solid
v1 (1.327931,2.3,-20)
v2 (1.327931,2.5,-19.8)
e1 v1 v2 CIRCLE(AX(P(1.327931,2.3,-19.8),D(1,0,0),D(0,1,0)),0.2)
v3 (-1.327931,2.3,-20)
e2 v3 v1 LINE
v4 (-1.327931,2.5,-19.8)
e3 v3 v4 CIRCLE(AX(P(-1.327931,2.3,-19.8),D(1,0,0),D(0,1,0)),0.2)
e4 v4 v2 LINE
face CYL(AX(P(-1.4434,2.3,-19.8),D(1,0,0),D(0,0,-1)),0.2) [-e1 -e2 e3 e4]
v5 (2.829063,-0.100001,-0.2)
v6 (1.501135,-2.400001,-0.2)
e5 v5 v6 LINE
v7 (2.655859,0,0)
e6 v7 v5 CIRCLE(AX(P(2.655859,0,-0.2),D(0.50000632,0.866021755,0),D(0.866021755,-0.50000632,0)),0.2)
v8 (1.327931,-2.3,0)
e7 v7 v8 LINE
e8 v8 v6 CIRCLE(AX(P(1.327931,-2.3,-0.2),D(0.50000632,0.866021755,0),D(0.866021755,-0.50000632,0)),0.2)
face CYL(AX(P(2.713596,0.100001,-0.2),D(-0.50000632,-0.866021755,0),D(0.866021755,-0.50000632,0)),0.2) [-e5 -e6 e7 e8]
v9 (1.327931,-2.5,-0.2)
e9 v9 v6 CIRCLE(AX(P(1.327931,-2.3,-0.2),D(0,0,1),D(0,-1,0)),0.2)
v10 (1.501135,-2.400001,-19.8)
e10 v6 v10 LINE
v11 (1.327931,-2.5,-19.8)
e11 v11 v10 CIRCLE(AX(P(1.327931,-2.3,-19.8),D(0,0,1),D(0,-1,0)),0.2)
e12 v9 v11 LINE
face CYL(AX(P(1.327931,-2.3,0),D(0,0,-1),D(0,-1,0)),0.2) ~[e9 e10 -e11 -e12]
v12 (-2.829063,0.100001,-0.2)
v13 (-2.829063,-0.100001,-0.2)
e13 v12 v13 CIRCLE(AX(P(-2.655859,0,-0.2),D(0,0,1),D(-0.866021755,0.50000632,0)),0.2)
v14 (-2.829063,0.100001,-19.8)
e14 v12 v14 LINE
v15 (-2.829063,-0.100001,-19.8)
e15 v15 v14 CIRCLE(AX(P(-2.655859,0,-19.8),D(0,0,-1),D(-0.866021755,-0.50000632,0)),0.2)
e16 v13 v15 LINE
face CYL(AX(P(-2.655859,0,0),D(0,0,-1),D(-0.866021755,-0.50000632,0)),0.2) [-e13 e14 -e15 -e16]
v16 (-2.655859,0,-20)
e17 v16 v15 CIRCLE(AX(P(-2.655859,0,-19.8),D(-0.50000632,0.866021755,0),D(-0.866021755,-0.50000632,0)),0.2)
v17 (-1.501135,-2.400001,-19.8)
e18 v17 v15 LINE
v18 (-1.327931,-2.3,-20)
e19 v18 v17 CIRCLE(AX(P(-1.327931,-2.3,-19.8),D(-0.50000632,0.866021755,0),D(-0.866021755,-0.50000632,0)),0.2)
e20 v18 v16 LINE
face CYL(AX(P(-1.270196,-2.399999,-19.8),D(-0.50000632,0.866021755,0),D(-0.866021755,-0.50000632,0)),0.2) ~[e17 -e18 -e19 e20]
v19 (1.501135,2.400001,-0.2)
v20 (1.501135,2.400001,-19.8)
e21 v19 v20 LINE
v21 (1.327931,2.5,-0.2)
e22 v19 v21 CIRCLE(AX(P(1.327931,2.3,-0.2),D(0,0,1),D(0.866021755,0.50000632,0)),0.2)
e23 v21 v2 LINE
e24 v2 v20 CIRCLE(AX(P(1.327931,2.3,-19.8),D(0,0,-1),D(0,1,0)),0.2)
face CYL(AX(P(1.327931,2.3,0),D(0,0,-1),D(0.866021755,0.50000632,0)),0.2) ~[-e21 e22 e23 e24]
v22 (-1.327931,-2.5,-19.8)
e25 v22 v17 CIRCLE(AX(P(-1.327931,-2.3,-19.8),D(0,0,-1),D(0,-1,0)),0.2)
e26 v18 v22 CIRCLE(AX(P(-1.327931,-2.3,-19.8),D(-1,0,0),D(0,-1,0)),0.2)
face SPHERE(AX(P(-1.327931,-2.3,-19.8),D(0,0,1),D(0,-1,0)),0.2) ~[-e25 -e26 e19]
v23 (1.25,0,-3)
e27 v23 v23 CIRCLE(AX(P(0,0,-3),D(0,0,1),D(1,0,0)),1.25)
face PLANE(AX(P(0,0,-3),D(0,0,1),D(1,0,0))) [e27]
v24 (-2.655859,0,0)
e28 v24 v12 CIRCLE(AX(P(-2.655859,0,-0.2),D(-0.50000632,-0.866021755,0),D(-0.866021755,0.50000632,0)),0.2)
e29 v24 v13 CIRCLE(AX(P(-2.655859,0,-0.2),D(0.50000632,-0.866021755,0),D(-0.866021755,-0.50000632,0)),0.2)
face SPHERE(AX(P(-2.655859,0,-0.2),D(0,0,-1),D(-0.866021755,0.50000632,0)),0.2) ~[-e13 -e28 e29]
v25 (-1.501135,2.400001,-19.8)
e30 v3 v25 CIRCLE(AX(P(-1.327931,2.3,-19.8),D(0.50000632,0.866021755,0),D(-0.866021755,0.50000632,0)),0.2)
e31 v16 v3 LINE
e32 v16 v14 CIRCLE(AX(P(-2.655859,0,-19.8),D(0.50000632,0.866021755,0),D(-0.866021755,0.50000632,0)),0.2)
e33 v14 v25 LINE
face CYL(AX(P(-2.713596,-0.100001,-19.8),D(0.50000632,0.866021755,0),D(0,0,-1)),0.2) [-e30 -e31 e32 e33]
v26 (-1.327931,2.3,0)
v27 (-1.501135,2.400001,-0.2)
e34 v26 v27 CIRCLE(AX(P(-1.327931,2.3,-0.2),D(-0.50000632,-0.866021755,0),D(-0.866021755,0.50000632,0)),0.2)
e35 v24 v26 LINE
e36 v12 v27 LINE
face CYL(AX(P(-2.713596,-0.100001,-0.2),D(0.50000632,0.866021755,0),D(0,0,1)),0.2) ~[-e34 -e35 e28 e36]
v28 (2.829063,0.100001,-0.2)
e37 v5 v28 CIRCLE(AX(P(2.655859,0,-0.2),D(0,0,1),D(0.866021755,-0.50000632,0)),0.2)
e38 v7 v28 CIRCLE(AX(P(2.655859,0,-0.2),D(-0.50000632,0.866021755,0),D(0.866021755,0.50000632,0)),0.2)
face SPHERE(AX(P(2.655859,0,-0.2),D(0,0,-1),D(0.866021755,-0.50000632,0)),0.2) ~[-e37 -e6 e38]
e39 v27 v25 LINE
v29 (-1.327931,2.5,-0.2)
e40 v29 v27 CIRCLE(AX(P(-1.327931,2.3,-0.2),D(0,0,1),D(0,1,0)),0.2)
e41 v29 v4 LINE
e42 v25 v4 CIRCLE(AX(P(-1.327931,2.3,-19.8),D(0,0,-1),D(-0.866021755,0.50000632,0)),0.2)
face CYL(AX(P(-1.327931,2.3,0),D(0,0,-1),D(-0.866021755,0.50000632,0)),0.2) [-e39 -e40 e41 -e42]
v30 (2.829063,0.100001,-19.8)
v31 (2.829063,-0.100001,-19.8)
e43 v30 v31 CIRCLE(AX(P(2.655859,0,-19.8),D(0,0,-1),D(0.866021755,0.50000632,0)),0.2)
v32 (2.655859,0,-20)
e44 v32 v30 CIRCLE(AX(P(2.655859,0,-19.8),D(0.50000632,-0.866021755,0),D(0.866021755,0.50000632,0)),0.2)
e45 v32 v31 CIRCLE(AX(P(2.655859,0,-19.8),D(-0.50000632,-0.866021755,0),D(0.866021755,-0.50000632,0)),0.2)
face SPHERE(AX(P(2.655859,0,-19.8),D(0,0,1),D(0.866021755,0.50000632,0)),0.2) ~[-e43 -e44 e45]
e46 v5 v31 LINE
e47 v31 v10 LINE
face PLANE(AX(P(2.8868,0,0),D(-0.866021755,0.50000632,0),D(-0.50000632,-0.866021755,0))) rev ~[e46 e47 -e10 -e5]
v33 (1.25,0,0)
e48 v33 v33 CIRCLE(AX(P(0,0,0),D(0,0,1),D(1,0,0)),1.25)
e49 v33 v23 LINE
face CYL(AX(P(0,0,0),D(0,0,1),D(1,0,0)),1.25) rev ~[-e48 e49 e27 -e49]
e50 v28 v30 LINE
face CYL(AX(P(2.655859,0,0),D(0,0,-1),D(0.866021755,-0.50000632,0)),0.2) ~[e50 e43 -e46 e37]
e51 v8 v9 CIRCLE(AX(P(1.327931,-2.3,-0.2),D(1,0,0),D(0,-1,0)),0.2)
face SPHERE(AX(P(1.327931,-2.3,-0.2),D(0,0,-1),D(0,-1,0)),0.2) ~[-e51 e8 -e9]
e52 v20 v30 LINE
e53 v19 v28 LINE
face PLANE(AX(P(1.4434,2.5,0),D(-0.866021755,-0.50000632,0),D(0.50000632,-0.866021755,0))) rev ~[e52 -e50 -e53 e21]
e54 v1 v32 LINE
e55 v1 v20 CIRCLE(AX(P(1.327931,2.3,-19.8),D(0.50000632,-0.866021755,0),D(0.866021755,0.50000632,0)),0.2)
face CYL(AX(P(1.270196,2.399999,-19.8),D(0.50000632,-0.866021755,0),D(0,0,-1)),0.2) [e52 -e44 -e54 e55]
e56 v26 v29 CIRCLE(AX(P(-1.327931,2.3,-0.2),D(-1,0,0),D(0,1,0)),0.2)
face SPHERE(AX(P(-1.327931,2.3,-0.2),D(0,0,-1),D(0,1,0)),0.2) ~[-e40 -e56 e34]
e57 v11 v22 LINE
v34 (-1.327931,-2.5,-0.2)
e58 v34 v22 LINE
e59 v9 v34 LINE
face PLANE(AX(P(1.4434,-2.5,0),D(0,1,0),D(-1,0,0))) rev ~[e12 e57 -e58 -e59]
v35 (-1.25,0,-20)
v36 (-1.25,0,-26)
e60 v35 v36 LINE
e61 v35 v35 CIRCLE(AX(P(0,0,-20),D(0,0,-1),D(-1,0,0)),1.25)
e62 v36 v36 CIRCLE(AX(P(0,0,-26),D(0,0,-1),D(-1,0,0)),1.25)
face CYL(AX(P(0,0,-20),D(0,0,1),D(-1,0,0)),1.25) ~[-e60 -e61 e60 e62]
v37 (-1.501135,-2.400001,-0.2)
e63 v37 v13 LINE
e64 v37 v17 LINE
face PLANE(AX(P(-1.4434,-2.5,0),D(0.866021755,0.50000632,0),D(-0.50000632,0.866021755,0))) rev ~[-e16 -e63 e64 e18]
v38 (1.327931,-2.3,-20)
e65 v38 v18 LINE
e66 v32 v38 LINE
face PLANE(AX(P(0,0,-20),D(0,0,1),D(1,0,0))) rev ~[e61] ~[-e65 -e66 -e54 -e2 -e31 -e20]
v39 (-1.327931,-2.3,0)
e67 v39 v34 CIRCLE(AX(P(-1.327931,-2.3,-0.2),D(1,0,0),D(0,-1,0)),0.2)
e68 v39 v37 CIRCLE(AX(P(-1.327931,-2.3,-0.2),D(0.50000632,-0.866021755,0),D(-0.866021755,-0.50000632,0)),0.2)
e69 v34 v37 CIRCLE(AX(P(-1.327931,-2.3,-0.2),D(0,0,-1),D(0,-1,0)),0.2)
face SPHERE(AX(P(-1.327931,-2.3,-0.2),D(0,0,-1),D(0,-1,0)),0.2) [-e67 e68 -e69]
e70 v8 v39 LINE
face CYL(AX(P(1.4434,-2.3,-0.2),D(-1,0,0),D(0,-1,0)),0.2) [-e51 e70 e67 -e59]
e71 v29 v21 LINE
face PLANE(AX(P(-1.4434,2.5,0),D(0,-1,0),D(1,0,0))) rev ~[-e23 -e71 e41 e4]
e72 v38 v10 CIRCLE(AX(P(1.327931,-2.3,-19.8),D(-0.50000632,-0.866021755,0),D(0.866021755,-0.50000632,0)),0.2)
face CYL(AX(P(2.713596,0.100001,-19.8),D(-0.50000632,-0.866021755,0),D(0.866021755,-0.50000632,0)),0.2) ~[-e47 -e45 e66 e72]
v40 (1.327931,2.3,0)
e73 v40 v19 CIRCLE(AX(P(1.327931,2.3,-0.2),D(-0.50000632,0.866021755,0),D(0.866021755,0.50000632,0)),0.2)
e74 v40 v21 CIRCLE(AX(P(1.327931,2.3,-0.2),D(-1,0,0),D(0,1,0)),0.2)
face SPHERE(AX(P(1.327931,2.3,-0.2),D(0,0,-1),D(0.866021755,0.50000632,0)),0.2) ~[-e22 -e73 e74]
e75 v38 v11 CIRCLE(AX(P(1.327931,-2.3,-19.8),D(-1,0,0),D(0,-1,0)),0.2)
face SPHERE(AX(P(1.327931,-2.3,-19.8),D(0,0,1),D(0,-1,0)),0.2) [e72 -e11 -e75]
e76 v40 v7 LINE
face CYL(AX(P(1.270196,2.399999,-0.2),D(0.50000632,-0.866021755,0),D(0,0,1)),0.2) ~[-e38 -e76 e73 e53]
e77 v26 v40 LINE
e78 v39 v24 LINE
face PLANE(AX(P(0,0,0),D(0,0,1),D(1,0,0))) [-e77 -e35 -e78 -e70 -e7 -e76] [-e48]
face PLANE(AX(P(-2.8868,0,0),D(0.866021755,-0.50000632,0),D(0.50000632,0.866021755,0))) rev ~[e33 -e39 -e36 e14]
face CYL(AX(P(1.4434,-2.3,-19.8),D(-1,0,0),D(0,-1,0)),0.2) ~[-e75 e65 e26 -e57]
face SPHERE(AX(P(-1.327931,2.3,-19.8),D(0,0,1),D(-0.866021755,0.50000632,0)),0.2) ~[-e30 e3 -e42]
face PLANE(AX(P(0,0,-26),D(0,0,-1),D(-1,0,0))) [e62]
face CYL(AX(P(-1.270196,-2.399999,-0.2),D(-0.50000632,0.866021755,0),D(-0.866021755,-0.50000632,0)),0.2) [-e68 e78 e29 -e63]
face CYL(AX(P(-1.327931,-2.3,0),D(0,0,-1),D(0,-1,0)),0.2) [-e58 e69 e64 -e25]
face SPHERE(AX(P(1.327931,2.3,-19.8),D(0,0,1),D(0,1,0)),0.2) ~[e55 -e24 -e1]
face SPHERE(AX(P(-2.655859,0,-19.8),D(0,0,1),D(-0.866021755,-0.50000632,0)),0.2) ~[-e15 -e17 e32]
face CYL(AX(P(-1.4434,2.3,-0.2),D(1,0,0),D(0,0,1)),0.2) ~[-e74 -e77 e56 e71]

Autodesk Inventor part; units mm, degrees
ref_plane "YZ Plane" through (0, 0, 0) normal (1, 0, 0) x (0, 1, 0)
ref_plane "XZ Plane" through (0, 0, 0) normal (0, 1, 0) x (-1, 0, 0)
ref_plane "XY Plane" through (0, 0, 0) normal (0, 0, 1) x (1, 0, 0)
sketch "Sketch1" plane through (0, 0, 0) normal (0, 0, 1) x (1, 0, 0)
  line L0 (1.4434, -2.5) -> (-1.4434, -2.5)
  line L1 (-1.4434, -2.5) -> (-2.8868, 0)
  line L2 (-2.8868, 0) -> (-1.4434, 2.5)
  line L3 (-1.4434, 2.5) -> (1.4434, 2.5)
  line L4 (1.4434, 2.5) -> (2.8868, 0)
  line L5 (2.8868, 0) -> (1.4434, -2.5)
  point P0 (0, 0)
  point P1 (0, 0)
  dimension "d0" = 5
extrude "Extrusion1" add sketch "Sketch1" against normal blind 20
sketch "Sketch2" plane through (0, 0, 0) normal (0, 0, 1) x (1, 0, 0)
  circle A0 centre (0, 0) radius 1.25
  dimension "d3" = 2.5
extrude "Extrusion2" cut sketch "Sketch2" against normal blind 3
sketch "Sketch3" plane through (0, 0, -20) normal (0, 0, -1) x (-1, 0, 0)
  circle A0 centre (0, 0) radius 1.25
  dimension "d6" = 2.5
extrude "Extrusion3" add sketch "Sketch3" along normal blind 6
thread "Thread1" size "M2.5x0.45" class "6g" standard "ISO Metric profile" full length
thread "Thread2" size "M2.5x0.45" class "6H" standard "ISO Metric profile" full length
fillet "Fillet1" radius 0.2 12 edges at (0, -2.5, -20) (-2.1651, -1.25, -20) (-2.1651, 1.25, -20) (0, 2.5, -20) (2.1651, 1.25, -20) (2.1651, -1.25, -20) (0, -2.5, 0) (2.1651, -1.25, 0) (2.1651, 1.25, 0) (0, 2.5, 0) (-2.1651, 1.25, 0) (-2.1651, -1.25, 0)
fillet "Fillet1" radius 0.2 6 edges at (-2.8868, 0, -10) (-1.4434, 2.5, -10) (1.4434, 2.5, -10) (2.8868, 0, -10) (1.4434, -2.5, -10) (-1.4434, -2.5, -10)
sketch "Sketch4" plane through (0, 0, 0) normal (0, 0, 1) x (1, 0, 0)
  point P0 (0, 0)
equation "\"d0\" = m3hs_hexDiam"
equation "\"d3\" = m3hs_threadDiam"
equation "\"d4\" = m3hs_holeDepth"
equation "\"d6\" = m3hs_threadDiam"
equation "\"d7\" = m3hs_studLength"
equation "\"d13\" = m3hs_rounding"
equation "\"m3hs_hexDiam\" = 5"
equation "\"m3hs_bodyLength\" = 5"
equation "\"m3hs_holeDepth\" = 3"
equation "\"m3hs_studLength\" = 6"
equation "\"m3hs_rounding\" = 0.2"
equation "\"m3hs_threadDiam\" = 2.5"
properties part number "M2.5 Hex Spacer 5mm" material "Stainless Steel"
